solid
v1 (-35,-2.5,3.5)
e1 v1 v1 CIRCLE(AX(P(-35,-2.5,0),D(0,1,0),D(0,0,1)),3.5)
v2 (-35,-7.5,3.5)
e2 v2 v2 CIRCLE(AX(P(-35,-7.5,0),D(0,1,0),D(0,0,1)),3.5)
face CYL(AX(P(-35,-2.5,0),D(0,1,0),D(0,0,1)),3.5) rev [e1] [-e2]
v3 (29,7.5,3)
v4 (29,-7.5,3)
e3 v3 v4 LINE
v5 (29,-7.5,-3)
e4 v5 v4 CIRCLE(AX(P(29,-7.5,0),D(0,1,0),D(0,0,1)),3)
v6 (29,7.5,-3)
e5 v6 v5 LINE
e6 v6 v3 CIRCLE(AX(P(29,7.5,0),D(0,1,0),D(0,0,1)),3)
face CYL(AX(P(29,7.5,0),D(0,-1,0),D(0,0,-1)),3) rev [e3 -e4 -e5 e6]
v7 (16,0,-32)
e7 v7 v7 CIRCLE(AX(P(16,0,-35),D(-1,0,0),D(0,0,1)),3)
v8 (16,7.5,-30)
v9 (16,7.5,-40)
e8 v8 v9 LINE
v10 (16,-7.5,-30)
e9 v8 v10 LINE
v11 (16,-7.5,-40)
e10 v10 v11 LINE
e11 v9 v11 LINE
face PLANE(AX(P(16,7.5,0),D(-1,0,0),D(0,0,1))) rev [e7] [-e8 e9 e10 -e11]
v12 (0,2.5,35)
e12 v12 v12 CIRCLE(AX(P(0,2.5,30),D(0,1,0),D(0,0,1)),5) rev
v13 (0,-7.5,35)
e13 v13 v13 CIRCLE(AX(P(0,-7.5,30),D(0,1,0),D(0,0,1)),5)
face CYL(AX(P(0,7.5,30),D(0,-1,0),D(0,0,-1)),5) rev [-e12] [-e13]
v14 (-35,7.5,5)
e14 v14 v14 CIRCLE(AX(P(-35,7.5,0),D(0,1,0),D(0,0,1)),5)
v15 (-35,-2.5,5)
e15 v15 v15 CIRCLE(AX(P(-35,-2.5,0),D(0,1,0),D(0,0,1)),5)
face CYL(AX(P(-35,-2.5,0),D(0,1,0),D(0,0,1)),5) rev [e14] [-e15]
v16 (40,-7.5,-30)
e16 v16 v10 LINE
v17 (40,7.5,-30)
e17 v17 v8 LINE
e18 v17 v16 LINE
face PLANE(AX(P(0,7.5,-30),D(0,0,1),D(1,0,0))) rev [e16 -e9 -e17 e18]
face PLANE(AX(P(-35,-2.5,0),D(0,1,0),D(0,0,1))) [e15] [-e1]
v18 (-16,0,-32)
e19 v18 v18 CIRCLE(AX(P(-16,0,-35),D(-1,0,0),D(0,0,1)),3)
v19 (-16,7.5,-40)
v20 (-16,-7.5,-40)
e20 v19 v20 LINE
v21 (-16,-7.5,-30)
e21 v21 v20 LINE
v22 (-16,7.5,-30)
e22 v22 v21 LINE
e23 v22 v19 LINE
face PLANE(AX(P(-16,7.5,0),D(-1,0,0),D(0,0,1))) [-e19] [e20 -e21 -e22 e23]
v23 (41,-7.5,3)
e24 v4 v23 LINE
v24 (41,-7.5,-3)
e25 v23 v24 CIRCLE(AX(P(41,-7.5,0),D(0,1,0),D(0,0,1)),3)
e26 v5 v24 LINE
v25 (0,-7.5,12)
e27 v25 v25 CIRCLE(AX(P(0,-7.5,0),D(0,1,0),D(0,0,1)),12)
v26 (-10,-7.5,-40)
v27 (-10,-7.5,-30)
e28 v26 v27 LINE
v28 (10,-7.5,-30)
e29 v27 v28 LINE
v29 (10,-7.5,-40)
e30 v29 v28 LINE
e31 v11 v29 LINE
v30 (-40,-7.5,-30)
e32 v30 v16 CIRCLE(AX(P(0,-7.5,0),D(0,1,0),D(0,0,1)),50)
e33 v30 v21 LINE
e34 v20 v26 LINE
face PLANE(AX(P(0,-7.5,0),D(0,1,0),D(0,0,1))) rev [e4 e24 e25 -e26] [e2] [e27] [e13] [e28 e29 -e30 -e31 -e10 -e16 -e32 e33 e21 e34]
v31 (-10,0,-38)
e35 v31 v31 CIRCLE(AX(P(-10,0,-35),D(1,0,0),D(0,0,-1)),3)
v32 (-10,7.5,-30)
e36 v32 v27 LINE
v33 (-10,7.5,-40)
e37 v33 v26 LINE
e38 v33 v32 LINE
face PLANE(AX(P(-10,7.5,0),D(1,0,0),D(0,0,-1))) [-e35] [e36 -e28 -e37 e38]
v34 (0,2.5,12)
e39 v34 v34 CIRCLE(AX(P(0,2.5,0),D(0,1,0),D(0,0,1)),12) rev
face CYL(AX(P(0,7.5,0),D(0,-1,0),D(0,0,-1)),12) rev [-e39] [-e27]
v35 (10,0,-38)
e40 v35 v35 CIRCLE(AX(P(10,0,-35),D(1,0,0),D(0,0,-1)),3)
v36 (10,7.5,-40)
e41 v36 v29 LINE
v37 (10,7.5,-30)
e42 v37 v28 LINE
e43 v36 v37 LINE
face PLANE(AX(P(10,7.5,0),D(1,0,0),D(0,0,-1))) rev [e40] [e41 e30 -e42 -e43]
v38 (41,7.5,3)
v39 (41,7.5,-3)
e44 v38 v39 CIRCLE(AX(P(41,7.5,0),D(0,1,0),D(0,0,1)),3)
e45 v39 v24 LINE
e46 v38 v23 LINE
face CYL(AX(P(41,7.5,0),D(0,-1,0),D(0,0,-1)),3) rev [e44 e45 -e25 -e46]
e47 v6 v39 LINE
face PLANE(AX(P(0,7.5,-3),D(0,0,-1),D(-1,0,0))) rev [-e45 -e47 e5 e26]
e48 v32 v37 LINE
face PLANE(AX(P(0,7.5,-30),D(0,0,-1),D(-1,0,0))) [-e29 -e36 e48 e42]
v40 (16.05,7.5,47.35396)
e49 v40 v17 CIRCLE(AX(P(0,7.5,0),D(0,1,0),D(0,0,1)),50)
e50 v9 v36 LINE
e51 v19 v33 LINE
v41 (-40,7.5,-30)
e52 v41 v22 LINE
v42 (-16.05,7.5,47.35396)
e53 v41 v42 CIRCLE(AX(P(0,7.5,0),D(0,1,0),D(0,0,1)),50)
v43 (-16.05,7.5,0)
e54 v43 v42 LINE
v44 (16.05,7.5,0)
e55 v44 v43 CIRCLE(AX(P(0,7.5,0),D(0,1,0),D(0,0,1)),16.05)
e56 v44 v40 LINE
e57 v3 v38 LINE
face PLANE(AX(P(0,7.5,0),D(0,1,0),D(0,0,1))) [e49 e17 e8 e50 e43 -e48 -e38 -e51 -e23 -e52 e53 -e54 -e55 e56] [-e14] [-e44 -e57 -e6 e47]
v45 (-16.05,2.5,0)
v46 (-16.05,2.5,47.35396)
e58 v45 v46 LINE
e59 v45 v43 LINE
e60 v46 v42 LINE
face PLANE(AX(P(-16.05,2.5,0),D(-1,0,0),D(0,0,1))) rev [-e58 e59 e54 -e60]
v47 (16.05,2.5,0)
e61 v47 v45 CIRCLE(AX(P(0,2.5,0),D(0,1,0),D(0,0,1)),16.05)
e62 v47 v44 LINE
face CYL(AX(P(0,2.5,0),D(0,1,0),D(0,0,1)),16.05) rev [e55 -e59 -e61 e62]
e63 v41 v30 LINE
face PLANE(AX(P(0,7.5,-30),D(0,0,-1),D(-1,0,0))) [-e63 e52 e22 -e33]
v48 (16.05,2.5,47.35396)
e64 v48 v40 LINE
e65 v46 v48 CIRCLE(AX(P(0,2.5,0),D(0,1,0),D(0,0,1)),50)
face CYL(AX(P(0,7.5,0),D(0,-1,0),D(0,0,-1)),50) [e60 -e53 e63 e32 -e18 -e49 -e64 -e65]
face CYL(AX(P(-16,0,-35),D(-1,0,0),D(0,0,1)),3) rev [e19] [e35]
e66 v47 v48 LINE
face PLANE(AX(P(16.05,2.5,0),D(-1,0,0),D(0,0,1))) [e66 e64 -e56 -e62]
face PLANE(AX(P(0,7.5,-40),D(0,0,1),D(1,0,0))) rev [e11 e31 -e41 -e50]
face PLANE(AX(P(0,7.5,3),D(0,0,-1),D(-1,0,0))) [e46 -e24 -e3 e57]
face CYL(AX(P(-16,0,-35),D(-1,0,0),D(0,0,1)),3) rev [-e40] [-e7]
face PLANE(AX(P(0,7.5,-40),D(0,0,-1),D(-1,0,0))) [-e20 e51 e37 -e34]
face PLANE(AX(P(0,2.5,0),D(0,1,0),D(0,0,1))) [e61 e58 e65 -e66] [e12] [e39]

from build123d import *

# Parameters (mm, degrees)
SCHIZZO1_R                    = 12
SCHIZZO1_R_2                  = 5
ESTRUSIONE_ESTRUSIONE1_DEPTH  = 7.5
TAGLIO_ESTRUSIONE1_DEPTH      = 73.284161474
TAGLIO_ESTRUSIONE1_DEPTH_BACK = 5
SCHIZZO3_R                    = 5
SCHIZZO4_R                    = 5
TAGLIO_ESTRUSIONE2_DEPTH      = 10
FORO_7_0_7_1_D                = 7
FORO_6_0_6_1_D                = 6


with BuildPart() as part:
    # Schizzo1 → Estrusione-Estrusione1 (new, symmetric)
    with BuildSketch(Plane(origin=(0, 0, 0), x_dir=(1, 0, 0), z_dir=(0, 1, 0))):
        with BuildLine():
            Line((-40, 30), (-16, 30))
            Line((-16, 30), (-16, 40))
            Line((-16, 40), (-10, 40))
            Line((-10, 40), (-10, 30))
            Line((-10, 30), (10, 30))
            Line((10, 30), (10, 40))
            Line((10, 40), (16, 40))
            Line((16, 40), (16, 30))
            Line((16, 30), (40, 30))
            ThreePointArc((40, 30), (0, -50), (-40, 30))
        make_face()
        with Locations(Location((0, 0, 0), (0, 0, 270))):
            Circle(SCHIZZO1_R, mode=Mode.SUBTRACT)
        with Locations(Location((0, -30, 0), (0, 0, 270))):
            Circle(SCHIZZO1_R_2, mode=Mode.SUBTRACT)
        with BuildLine():
            Line((29, 3), (41, 3))
            ThreePointArc((41, 3), (44, 0), (41, -3))
            Line((41, -3), (29, -3))
            ThreePointArc((29, -3), (26, 0), (29, 3))
        make_face(mode=Mode.SUBTRACT)
    extrude(amount=ESTRUSIONE_ESTRUSIONE1_DEPTH, both=True)

    # Schizzo3 → Taglio-Estrusione1 (cut, two sides: drawn at the far end of the back side and taken through both)
    # profile 1 of 2: a face of its own
    with BuildSketch(Plane(origin=(0, 7.5, 0), x_dir=(1, 0, 0), z_dir=(0, 1, 0)).offset(-TAGLIO_ESTRUSIONE1_DEPTH_BACK)):
        with BuildLine():
            Line((16.05, 0), (12, 0))
            ThreePointArc((12, 0), (0, -12), (-12, 0))
            Line((-12, 0), (-16.05, 0))
            Line((-16.05, 0), (-16.05, -47.353959708))
            ThreePointArc((-16.05, -47.353959708), (0, -50), (16.05, -47.353959708))
            Line((16.05, -47.353959708), (16.05, 0))
        make_face()
        with Locations(Location((0, -30, 0), (0, 0, 270))):
            Circle(SCHIZZO3_R, mode=Mode.SUBTRACT)
    # profile 2 of 2: a face of its own
    with BuildSketch(Plane(origin=(0, 7.5, 0), x_dir=(1, 0, 0), z_dir=(0, 1, 0)).offset(-TAGLIO_ESTRUSIONE1_DEPTH_BACK)):
        with BuildLine():
            ThreePointArc((-12, 0), (0, 12), (12, 0))
            Line((12, 0), (16.05, 0))
            ThreePointArc((16.05, 0), (0, 16.05), (-16.05, 0))
            Line((-16.05, 0), (-12, 0))
        make_face()
    extrude(amount=TAGLIO_ESTRUSIONE1_DEPTH + TAGLIO_ESTRUSIONE1_DEPTH_BACK, mode=Mode.SUBTRACT)

    # Schizzo4 → Taglio-Estrusione2 (cut)
    with BuildSketch(Plane(origin=(0, 7.5, 0), x_dir=(1, 0, 0), z_dir=(0, 1, 0))):
        with Locations(Location((-35, 0, 0), (0, 0, 270))):
            Circle(SCHIZZO4_R)
    extrude(amount=-TAGLIO_ESTRUSIONE2_DEPTH, mode=Mode.SUBTRACT)

    # Foro Ø7.0 (7)-1 (through all)
    with Locations(Plane(origin=(0, -2.5, 0), x_dir=(1, 0, 0), z_dir=(0, 1, 0))):
        with Locations((-35, 0)):
            Hole(FORO_7_0_7_1_D / 2)

    # Foro Ø6.0 (6)-1 (through all)
    with Locations(Plane.ZY.offset(16)):
        with Locations((-35, 0)):
            Hole(FORO_6_0_6_1_D / 2)


solid = part.part
